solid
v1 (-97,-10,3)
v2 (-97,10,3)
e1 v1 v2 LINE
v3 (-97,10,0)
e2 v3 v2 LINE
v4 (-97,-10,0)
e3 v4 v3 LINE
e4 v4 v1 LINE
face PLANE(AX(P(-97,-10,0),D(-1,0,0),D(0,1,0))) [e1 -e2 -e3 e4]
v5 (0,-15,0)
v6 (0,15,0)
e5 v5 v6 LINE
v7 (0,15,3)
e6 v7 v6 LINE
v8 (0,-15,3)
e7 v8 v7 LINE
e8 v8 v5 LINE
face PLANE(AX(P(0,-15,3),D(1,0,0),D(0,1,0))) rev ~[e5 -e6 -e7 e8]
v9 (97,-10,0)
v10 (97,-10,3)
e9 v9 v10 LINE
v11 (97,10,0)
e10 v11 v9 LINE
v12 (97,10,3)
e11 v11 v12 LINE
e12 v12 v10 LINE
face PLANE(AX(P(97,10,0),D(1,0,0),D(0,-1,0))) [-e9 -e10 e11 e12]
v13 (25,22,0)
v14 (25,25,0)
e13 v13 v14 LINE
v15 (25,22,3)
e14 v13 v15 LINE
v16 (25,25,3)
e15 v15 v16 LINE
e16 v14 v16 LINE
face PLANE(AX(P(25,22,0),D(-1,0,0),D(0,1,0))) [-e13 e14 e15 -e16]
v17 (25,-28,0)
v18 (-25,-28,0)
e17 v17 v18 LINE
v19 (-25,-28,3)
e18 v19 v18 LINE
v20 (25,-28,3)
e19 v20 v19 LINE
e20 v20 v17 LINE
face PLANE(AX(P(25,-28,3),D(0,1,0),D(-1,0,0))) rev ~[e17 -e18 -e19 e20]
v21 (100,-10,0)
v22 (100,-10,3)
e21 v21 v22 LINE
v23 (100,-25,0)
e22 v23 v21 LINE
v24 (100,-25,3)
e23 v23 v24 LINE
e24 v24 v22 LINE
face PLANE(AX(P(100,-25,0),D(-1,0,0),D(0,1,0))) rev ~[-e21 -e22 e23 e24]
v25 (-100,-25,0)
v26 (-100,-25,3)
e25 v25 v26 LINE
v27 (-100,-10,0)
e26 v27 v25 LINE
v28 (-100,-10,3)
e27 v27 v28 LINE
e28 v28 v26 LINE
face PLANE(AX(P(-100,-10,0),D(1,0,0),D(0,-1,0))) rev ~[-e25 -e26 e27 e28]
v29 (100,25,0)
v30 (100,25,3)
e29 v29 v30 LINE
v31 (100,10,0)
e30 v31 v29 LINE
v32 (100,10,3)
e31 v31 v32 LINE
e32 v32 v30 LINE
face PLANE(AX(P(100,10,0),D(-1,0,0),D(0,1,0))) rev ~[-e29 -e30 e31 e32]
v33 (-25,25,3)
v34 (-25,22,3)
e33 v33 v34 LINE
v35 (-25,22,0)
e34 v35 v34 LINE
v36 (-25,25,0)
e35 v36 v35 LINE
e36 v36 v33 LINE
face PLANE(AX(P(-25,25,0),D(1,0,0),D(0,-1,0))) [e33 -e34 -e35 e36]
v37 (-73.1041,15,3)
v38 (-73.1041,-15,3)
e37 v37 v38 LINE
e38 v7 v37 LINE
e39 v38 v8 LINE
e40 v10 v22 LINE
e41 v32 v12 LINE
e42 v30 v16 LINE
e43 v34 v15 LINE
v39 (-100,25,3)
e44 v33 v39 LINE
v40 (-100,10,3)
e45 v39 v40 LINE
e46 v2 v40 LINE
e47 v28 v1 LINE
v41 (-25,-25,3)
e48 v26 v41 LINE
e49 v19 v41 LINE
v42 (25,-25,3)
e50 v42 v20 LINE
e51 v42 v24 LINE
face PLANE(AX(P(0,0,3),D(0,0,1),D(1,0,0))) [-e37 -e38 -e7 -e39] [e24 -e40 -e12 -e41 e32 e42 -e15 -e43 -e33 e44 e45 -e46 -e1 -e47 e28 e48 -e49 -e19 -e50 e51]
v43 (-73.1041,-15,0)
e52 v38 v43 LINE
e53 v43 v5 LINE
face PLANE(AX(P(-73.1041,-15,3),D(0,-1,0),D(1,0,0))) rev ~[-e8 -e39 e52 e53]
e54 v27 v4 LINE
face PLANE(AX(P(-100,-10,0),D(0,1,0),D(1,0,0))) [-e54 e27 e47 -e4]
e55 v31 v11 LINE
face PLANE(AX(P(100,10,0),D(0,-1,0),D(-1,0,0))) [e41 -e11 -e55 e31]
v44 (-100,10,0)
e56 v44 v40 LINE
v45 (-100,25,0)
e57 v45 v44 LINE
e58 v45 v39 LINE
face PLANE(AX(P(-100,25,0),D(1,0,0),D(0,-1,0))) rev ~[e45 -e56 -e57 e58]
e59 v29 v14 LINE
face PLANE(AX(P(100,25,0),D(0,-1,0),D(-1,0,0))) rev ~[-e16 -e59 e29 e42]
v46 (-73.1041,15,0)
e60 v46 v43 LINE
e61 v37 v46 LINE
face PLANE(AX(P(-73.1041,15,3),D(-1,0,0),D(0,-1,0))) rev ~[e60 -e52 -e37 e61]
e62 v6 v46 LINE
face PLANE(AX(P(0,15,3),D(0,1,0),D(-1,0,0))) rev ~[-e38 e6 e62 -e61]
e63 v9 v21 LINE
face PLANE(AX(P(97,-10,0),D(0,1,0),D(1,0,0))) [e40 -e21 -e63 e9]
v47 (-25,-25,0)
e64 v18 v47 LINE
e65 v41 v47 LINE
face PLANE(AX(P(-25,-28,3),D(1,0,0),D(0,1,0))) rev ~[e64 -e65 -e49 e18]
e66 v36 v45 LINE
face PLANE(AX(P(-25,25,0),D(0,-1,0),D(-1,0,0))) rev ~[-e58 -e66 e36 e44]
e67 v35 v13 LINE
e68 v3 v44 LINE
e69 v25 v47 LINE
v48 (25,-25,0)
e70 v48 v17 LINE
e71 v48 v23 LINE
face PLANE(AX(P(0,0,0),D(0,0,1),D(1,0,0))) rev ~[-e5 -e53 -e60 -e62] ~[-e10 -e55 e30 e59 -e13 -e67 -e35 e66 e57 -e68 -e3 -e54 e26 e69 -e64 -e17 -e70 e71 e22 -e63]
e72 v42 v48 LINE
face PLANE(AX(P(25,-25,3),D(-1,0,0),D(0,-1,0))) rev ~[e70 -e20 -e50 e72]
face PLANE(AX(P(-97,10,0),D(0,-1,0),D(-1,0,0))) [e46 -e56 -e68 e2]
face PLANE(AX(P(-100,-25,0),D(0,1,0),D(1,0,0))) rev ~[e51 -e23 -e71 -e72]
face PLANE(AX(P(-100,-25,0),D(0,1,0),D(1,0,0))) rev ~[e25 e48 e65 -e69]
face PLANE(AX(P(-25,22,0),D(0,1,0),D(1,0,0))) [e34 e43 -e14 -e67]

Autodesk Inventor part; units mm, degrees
ref_plane "YZ Plane" through (0, 0, 0) normal (1, 0, 0) x (0, 1, 0)
ref_plane "XZ Plane" through (0, 0, 0) normal (0, 1, 0) x (-1, 0, 0)
ref_plane "XY Plane" through (0, 0, 0) normal (0, 0, 1) x (1, 0, 0)
sketch "스케치1" plane through (0, 0, 0) normal (0, 0, 1) x (1, 0, 0)
  line L0 (-100, -25) -> (100, -25)
  line L1 (100, -25) -> (100, 25)
  line L2 (100, 25) -> (-100, 25)
  line L3 (-100, 25) -> (-100, -25)
  line L4 (-100, -25) -> (100, 25) construction
  line L5 (100, -25) -> (-100, 25) construction
  line L6 (-25, 22) -> (25, 22)
  line L7 (25, 22) -> (25, 28)
  line L8 (25, 28) -> (-25, 28)
  line L9 (-25, 28) -> (-25, 22)
  line L10 (-25, 22) -> (25, 28) construction
  line L11 (25, 22) -> (-25, 28) construction
  line L12 (-103, -10) -> (-97, -10)
  line L13 (-97, -10) -> (-97, 10)
  line L14 (-97, 10) -> (-103, 10)
  line L15 (-103, 10) -> (-103, -10)
  line L16 (-103, -10) -> (-97, 10) construction
  line L17 (-97, -10) -> (-103, 10) construction
  line L18 (97, -10) -> (103, -10)
  line L19 (103, -10) -> (103, 10)
  line L20 (103, 10) -> (97, 10)
  line L21 (97, 10) -> (97, -10)
  line L22 (97, -10) -> (103, 10) construction
  line L23 (103, -10) -> (97, 10) construction
  point P0 (0, 0)
  point P1 (0, 25)
  point P2 (-100, 0)
  point P3 (100, 0)
  point P4 (-100, -10)
  point P5 (100, -10)
  point P6 (100, 10)
  point P7 (25, 25)
  point P8 (-25, 25)
  point P9 (-100, 10)
  dimension "d0" = 50
  dimension "d1" = 200
  dimension "d2" = 50
  dimension "d3" = 3
  dimension "d4" = 20
  dimension "d5" = 20
  dimension "d6" = 3
  dimension "d7" = 3
extrude "돌출1" add sketch "스케치1" along normal blind 3 contours L3 L12 L13 L14 L2 L9 L6 L7 L1 L20 L21 L18 L0
sketch "스케치2" plane through (0, 0, 3) normal (0, 0, 1) x (1, 0, 0)
  line L0 (-25, -22) -> (25, -22)
  line L1 (25, -22) -> (25, -28)
  line L2 (25, -28) -> (-25, -28)
  line L3 (-25, -28) -> (-25, -22)
  line L4 (-100, -25) -> (100, -25) projected
  line L5 (-25, -22) -> (25, -28) construction
  line L6 (25, -22) -> (-25, -28) construction
  point P0 (0, 0)
  point P1 (0, -25)
  point P2 (25, -25)
  point P3 (-25, -25)
  dimension "d10" = 50
  dimension "d11" = 3
extrude "돌출2" add sketch "스케치2" against normal blind 3 contours L4 L1 L2 L3
sketch "스케치3" plane through (0, 0, 3) normal (0, 0, 1) x (1, 0, 0)
  point P0 (0, 0)
sketch "스케치4" plane through (0, 0, 3) normal (0, 0, 1) x (1, 0, 0)
  point P0 (0, 0)
sketch "스케치5" plane through (0, 0, 3) normal (0, 0, 1) x (1, 0, 0)
  line L0 (0, 15) -> (-96.3599, 15)
  line L1 (-96.3599, 15) -> (-96.3599, -15)
  line L2 (-96.3599, -15) -> (0, -15)
  line L3 (0, -15) -> (0, 15)
  line L4 (-73.1041, 15) -> (-73.1041, -15)
  line L5 (-25, 25) -> (-100, 25) projected
  point P0 (0, 0)
  dimension "d14" = 30
  dimension "d15" = 10
extrude "돌출3" cut sketch "스케치5" against normal through all contours L3 L2 L4 L0
properties part number "본체 겉면 레이저 옆판(뚫림) 수정"
